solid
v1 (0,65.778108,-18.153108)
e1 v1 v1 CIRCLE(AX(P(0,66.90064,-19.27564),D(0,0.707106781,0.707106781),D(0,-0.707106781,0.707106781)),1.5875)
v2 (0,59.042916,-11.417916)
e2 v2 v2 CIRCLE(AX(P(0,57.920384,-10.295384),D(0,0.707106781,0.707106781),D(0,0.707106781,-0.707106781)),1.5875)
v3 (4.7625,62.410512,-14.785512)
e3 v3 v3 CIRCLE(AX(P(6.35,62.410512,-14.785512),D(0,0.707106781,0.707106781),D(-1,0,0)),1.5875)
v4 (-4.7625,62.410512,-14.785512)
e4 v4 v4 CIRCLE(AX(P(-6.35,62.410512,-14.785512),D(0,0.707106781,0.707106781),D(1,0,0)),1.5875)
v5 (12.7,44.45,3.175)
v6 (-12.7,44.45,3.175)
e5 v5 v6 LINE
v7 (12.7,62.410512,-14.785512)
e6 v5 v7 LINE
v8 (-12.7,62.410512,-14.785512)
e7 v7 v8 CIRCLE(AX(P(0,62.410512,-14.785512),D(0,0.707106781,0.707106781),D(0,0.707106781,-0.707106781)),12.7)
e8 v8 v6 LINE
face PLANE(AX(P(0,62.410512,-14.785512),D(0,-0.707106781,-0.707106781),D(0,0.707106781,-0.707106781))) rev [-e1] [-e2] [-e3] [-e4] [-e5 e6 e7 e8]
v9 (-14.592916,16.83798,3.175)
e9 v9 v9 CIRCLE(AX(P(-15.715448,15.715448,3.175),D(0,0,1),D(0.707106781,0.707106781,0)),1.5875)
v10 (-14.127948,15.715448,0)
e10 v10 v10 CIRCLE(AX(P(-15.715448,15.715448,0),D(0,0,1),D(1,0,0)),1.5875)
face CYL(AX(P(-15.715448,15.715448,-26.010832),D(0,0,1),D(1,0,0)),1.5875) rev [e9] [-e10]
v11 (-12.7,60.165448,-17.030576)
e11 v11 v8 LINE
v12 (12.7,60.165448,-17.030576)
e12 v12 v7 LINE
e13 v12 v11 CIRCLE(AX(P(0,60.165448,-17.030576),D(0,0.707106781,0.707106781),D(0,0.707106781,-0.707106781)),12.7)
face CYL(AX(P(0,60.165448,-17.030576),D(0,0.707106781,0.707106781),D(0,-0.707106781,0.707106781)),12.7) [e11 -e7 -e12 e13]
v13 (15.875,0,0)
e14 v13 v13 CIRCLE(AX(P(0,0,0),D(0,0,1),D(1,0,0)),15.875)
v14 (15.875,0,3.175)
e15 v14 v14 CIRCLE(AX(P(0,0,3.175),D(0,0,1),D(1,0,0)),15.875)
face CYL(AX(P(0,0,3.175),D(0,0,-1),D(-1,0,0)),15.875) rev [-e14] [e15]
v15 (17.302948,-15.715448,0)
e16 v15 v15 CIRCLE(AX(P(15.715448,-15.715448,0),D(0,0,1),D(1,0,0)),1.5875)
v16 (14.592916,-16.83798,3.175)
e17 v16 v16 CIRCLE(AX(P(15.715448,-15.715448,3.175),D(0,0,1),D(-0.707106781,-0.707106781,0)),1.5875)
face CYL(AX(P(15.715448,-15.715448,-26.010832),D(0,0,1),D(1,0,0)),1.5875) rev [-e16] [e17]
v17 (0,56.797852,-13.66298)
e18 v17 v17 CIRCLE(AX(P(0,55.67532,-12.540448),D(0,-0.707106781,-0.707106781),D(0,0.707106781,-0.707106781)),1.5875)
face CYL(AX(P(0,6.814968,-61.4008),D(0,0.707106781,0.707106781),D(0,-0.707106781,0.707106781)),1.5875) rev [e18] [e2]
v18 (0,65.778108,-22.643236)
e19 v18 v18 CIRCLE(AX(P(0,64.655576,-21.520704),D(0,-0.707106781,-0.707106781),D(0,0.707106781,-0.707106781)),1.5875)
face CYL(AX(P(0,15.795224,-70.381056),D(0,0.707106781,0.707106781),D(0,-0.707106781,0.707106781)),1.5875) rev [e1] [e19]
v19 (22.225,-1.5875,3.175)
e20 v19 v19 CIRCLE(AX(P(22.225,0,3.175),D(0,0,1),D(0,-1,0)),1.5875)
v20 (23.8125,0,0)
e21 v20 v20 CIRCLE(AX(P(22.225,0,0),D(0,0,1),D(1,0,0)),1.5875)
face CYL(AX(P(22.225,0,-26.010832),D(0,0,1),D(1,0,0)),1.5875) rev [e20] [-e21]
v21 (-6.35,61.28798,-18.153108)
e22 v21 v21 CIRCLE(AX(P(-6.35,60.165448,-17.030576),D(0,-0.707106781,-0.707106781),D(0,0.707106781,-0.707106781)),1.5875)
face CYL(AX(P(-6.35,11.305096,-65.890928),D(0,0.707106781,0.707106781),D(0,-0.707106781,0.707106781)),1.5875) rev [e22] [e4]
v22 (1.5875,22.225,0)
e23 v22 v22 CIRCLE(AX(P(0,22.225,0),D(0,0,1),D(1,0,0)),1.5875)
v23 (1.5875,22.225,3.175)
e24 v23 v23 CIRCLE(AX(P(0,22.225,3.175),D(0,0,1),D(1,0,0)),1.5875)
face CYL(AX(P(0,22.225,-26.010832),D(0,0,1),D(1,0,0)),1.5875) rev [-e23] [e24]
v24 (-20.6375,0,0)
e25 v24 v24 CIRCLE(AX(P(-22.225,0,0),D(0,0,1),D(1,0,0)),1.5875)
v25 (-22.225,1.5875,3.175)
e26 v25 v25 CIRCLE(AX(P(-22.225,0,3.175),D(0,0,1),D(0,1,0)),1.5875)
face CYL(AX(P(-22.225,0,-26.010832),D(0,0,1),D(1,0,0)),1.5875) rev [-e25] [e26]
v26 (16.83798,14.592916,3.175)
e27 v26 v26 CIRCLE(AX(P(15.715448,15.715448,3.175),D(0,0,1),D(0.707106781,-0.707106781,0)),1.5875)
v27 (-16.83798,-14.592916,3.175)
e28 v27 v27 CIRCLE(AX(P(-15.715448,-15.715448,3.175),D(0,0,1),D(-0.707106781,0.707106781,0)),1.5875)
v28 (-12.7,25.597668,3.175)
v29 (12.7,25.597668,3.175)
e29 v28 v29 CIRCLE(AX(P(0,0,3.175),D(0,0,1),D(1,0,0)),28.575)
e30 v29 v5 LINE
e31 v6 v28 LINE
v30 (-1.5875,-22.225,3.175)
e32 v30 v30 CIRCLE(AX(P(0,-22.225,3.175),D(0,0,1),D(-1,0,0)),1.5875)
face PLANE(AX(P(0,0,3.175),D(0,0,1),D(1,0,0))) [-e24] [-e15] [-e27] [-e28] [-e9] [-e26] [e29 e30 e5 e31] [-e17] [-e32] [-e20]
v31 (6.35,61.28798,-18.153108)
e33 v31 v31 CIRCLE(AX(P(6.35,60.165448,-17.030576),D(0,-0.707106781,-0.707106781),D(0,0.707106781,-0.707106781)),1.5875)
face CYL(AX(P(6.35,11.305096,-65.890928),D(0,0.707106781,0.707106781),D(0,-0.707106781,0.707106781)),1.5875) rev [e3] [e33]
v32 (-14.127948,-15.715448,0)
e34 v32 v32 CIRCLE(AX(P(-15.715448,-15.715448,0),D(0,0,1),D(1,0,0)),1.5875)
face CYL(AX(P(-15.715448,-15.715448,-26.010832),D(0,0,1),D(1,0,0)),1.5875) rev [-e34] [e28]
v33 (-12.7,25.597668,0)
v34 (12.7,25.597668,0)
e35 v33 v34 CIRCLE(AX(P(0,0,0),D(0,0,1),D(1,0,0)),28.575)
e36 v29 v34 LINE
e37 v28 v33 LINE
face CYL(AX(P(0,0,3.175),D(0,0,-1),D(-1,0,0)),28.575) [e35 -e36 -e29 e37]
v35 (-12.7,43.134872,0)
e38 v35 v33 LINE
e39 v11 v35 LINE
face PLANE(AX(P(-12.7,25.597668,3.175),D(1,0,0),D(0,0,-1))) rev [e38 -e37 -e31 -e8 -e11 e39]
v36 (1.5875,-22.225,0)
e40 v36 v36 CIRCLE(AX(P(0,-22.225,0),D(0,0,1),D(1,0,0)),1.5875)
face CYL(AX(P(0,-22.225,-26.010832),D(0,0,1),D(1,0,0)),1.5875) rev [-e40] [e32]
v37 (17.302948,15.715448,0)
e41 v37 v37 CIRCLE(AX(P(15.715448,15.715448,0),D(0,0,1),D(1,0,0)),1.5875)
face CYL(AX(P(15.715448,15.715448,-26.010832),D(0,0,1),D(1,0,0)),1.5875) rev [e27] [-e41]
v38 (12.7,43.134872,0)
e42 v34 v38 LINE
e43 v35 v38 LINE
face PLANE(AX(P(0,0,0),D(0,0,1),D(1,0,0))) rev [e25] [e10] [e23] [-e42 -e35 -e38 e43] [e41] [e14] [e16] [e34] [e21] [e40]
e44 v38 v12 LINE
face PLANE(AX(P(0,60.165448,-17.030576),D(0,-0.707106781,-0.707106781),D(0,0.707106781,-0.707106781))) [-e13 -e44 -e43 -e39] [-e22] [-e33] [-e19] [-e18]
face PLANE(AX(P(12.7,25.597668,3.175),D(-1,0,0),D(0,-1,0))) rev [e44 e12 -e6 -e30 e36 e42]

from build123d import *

# Parameters (mm, degrees)
SKETCH1_R         = 15.875
EXTRUDE1_DEPTH    = 3.175
EXTRUDE2_DEPTH    = 3.175
SKETCH3_R         = 1.5875
EXTRUDE3_DEPTH    = 83.249530363
CIRPATTERN1_COUNT = 8
SKETCH4_R         = 1.5875
EXTRUDE4_DEPTH    = 78.738955692
CIRPATTERN2_COUNT = 4


with BuildPart() as part:
    # Sketch1 → Extrude1 (new body)
    with BuildSketch(Plane.XY):
        with BuildLine():
            Line((-12.7, 25.597668351), (-12.7, 44.45))
            Line((-12.7, 44.45), (12.7, 44.45))
            Line((12.7, 44.45), (12.7, 25.597668351))
            ThreePointArc((12.7, 25.597668351), (0, -28.575), (-12.7, 25.597668351))
        make_face()
        Circle(SKETCH1_R, mode=Mode.SUBTRACT)
    extrude(amount=EXTRUDE1_DEPTH)

    # Sketch2 → Extrude2 (add)
    with BuildSketch(Plane(origin=(0, 23.8125, 23.8125), x_dir=(-1, 0, 0), z_dir=(0, 0.7071067811865488, 0.7071067811865462))):
        with BuildLine():
            Line((12.7, -29.185832393), (12.7, -54.585832393))
            ThreePointArc((12.7, -54.585832393), (0, -67.285832393), (-12.7, -54.585832393))
            Line((-12.7, -54.585832393), (-12.7, -29.185832393))
            Line((-12.7, -29.185832393), (12.7, -29.185832393))
        make_face()
    extrude(amount=-EXTRUDE2_DEPTH)

    # Sketch3 → Extrude3 (cut, through all)
    with BuildSketch(Plane.XY.offset(3.175)):
        with Locations((0, 22.225)):
            Circle(SKETCH3_R)
    extrude3 = extrude(amount=-EXTRUDE3_DEPTH, mode=Mode.SUBTRACT)

    # CirPattern1: Extrude3 ×8 about axis
    cirpattern1_axis = Axis((0, 0, 0), (0, 0, 1))
    for i in range(1, CIRPATTERN1_COUNT):
        add(extrude3.rotate(cirpattern1_axis, i * 360 / CIRPATTERN1_COUNT), mode=Mode.SUBTRACT)

    # Sketch4 → Extrude4 (cut, through all)
    with BuildSketch(Plane(origin=(0, 23.8125, 23.8125), x_dir=(1, 0, 0), z_dir=(0, 0.7071067811865488, 0.7071067811865462))):
        with Locations(Location((0, 60.935832393, 0), (0, 0, 270))):
            Circle(SKETCH4_R)
    extrude4 = extrude(amount=-EXTRUDE4_DEPTH, mode=Mode.SUBTRACT)

    # CirPattern2: Extrude4 ×4 about axis
    cirpattern2_axis = Axis((0, 38.598012242, -38.598012242), (0, 0.7071067811865488, 0.7071067811865462))
    for i in range(1, CIRPATTERN2_COUNT):
        add(extrude4.rotate(cirpattern2_axis, i * 360 / CIRPATTERN2_COUNT), mode=Mode.SUBTRACT)


solid = part.part
